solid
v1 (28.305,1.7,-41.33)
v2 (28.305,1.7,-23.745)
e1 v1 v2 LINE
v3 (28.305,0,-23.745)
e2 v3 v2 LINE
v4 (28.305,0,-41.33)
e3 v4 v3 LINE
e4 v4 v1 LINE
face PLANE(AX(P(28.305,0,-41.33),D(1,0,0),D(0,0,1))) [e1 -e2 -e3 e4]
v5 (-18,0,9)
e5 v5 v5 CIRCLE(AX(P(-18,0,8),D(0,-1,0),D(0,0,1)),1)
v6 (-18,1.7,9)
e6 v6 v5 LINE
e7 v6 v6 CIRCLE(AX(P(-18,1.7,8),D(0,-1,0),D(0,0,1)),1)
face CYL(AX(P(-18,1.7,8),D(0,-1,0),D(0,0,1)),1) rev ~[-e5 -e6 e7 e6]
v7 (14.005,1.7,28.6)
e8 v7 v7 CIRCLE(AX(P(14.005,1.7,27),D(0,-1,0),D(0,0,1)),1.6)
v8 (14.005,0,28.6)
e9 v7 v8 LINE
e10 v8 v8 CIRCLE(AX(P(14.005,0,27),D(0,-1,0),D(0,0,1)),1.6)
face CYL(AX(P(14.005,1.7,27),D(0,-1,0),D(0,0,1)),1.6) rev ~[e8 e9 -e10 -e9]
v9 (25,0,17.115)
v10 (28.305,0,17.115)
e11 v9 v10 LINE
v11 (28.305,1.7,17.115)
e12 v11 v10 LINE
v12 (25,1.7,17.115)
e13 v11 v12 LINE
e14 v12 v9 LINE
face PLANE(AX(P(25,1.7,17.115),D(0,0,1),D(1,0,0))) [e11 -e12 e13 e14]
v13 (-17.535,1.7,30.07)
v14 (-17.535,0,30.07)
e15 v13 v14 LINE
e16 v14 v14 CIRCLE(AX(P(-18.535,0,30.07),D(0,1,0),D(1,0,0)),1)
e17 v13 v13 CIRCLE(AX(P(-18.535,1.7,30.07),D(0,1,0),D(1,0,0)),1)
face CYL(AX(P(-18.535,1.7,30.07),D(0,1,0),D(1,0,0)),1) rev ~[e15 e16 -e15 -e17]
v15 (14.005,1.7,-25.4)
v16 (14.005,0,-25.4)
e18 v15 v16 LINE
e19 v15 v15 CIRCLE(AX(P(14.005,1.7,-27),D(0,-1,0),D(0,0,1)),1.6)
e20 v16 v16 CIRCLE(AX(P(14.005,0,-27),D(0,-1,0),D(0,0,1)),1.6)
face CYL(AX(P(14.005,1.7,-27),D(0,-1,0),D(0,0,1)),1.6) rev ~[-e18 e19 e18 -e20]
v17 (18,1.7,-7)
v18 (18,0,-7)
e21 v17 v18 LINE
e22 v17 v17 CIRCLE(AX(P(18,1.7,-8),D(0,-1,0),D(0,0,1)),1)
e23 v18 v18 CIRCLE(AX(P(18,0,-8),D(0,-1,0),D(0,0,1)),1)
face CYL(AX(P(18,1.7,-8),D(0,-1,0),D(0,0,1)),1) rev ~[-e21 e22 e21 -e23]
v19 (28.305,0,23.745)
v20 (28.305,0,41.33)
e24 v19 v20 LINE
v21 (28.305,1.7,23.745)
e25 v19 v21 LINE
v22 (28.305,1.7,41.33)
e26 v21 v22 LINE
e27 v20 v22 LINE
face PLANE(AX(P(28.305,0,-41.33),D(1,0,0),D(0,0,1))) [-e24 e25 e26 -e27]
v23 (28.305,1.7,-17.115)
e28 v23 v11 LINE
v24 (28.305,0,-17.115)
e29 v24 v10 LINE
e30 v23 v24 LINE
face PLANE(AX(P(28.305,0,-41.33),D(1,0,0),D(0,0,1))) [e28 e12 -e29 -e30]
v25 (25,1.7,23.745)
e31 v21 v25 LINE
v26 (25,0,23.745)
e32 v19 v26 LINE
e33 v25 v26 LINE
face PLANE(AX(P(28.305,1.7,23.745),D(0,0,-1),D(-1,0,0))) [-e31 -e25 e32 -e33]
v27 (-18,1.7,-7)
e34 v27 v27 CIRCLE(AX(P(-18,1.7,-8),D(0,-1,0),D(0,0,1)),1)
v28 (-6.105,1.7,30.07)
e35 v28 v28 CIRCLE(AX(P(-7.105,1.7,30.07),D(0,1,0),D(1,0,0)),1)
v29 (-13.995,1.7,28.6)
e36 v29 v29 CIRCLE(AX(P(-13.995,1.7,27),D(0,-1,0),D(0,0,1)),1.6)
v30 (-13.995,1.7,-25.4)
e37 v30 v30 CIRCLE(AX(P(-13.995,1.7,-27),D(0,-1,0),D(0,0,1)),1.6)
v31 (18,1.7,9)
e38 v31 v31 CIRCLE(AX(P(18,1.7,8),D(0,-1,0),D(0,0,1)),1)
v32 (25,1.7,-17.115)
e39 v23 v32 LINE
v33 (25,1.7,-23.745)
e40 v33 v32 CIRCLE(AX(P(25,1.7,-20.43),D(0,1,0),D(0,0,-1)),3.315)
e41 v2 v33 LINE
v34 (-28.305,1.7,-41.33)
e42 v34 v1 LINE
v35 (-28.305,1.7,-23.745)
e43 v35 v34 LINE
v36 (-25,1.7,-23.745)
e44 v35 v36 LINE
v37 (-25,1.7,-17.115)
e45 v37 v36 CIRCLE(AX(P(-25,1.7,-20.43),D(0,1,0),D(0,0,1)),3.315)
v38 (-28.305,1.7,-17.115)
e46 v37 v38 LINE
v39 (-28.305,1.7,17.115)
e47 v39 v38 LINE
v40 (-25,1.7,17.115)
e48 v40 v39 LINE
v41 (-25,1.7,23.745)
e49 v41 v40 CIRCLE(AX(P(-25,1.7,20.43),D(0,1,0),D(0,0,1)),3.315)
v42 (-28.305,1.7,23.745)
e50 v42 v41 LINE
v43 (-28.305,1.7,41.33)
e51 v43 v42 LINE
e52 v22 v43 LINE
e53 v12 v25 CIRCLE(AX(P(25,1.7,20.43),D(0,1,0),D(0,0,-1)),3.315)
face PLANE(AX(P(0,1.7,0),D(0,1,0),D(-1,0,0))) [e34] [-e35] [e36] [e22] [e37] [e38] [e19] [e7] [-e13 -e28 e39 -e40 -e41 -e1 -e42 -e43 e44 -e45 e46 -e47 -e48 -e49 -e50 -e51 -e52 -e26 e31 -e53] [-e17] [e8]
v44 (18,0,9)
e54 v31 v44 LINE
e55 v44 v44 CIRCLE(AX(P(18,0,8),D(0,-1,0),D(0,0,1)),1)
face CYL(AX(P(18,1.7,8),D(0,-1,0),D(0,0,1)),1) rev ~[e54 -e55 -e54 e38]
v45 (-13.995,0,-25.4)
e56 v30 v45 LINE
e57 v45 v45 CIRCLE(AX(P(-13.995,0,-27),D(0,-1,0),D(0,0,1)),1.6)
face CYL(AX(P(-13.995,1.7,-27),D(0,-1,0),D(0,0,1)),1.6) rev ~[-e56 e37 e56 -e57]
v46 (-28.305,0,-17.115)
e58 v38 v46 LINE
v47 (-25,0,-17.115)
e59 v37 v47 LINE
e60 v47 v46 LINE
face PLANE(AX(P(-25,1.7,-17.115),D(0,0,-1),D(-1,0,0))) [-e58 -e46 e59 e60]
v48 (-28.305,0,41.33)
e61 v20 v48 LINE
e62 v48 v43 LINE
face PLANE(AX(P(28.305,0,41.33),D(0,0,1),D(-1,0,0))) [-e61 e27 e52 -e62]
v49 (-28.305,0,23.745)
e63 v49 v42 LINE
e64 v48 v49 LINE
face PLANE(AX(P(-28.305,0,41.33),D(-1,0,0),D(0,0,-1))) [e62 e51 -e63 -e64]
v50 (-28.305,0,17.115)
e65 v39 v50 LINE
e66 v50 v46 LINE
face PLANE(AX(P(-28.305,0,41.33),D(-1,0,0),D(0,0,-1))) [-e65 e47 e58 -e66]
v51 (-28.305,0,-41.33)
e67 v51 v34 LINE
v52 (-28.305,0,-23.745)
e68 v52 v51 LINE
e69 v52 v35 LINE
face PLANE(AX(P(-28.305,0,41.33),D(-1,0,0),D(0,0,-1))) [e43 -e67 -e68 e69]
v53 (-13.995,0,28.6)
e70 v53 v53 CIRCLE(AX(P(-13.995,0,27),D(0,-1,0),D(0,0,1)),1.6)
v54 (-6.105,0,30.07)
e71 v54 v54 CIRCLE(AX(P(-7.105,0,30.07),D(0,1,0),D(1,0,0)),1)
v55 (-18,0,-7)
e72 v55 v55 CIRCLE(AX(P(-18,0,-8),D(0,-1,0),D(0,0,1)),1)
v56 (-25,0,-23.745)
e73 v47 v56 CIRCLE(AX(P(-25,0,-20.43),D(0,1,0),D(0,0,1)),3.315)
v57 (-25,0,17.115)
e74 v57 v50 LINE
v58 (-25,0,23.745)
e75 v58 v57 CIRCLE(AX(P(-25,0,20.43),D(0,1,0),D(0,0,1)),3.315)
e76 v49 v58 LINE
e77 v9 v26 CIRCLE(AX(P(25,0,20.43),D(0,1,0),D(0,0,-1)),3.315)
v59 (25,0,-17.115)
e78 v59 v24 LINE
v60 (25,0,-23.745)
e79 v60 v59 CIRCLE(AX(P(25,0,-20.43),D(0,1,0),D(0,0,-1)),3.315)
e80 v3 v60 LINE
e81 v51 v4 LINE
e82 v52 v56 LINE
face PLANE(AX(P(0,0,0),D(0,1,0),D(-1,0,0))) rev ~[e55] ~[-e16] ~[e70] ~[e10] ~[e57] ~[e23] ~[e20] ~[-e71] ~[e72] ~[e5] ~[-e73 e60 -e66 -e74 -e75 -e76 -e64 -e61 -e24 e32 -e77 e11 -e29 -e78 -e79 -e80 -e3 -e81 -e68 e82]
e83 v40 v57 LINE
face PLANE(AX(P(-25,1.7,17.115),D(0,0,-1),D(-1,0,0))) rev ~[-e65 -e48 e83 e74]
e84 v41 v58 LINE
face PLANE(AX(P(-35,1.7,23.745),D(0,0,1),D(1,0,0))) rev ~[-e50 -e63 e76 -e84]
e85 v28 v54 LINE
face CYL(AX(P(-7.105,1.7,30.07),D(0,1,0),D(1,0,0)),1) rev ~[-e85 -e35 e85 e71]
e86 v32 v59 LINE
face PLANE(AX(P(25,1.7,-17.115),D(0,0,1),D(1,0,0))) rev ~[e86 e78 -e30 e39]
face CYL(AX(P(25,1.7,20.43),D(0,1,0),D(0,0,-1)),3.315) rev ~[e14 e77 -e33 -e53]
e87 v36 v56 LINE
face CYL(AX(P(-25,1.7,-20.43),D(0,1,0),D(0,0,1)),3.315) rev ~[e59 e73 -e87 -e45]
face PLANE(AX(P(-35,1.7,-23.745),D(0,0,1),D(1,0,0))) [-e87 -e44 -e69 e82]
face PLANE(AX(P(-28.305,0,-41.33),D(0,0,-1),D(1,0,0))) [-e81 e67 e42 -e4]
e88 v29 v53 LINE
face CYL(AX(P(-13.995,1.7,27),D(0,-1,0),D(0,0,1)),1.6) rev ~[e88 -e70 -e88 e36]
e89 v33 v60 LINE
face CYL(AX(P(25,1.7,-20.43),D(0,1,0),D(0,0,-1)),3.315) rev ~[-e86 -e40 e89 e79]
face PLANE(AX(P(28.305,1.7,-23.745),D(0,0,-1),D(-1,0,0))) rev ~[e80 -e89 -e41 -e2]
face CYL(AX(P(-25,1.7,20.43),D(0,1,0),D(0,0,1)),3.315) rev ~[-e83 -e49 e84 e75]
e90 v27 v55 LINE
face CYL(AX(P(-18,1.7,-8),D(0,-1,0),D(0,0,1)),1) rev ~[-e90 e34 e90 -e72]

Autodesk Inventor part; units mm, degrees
ref_plane "YZ Plane" through (0, 0, 0) normal (1, 0, 0) x (0, 1, 0)
ref_plane "XZ Plane" through (0, 0, 0) normal (0, 1, 0) x (-1, 0, 0)
ref_plane "XY Plane" through (0, 0, 0) normal (0, 0, 1) x (1, 0, 0)
sketch "Sketch1" plane through (0, 0, 0) normal (0, 1, 0) x (-1, 0, 0)
  line L0 (28.305, -41.33) -> (-28.305, -41.33)
  line L1 (-28.305, -41.33) -> (-28.305, 41.33)
  line L2 (-28.305, 41.33) -> (28.305, 41.33)
  line L3 (28.305, 41.33) -> (28.305, -41.33)
  point P0 (0, 0)
  dimension "d0" = 56.61
  dimension "d1" = 82.66
  dimension "d2" = 41.33
  dimension "d3" = 28.305
extrude "Extrusion1" add sketch "Sketch1" along normal blind 1.7
sketch "Sketch2" plane through (0, 1.7, 0) normal (0, 1, 0) x (1, 0, 0)
  line L0 (28.305, 41.33) -> (-28.305, 41.33) projected
  line L1 (28.305, -41.33) -> (28.305, 41.33) projected
  line L2 (25, 20.43) -> (35, 20.43) construction
  line L3 (25, 17.115) -> (35, 17.115)
  line L4 (35, 23.745) -> (25, 23.745)
  arc A0 (25, 23.745) -> (25, 17.115) centre (25, 20.43) ccw
  arc A1 (35, 17.115) -> (35, 23.745) centre (35, 20.43) ccw
  line L5 (0, 0) -> (0, 18.0494) construction
  line L6 (-25, 20.43) -> (-35, 20.43) construction
  line L7 (-25, 17.115) -> (-35, 17.115)
  line L8 (-35, 23.745) -> (-25, 23.745)
  arc A2 (-25, 17.115) -> (-25, 23.745) centre (-25, 20.43) ccw
  arc A3 (-35, 23.745) -> (-35, 17.115) centre (-35, 20.43) ccw
  line L9 (-28.305, -41.33) -> (28.305, -41.33) projected
  line L10 (0, 0) -> (21.685, 0) construction
  line L11 (25, -20.43) -> (35, -20.43) construction
  line L12 (25, -17.115) -> (35, -17.115)
  line L13 (35, -23.745) -> (25, -23.745)
  arc A4 (25, -17.115) -> (25, -23.745) centre (25, -20.43) ccw
  arc A5 (35, -23.745) -> (35, -17.115) centre (35, -20.43) ccw
  line L14 (-25, -20.43) -> (-35, -20.43) construction
  line L15 (-25, -17.115) -> (-35, -17.115)
  line L16 (-35, -23.745) -> (-25, -23.745)
  arc A6 (-25, -23.745) -> (-25, -17.115) centre (-25, -20.43) ccw
  arc A7 (-35, -17.115) -> (-35, -23.745) centre (-35, -20.43) ccw
  point P0 (30, 20.43)
  point P1 (-30, 20.43)
  point P2 (30, -20.43)
  point P3 (-30, -20.43)
  dimension "d6" = 6.63
  dimension "d8" = 6.62
  dimension "d9" = 10
  dimension "d27" = 40.86
  dimension "d28" = 20.9
  dimension "d29" = 20.43
  dimension "d30" = 20.43
  dimension "d31" = 41.33
  dimension "d32" = 41.33
  dimension "d33" = 20.9
extrude "Extrusion2" cut sketch "Sketch2" against normal through all
sketch "Sketch3" plane through (0, 1.7, 0) normal (0, 1, 0) x (1, 0, 0)
  line L0 (-28.305, 17.115) -> (-28.305, -41.33) projected
  line L1 (-28.305, -41.33) -> (28.305, -41.33) projected
  line L2 (-28.305, 41.33) -> (-28.305, 23.745) projected
  point P0 (0, 0)
  point P1 (-13.995, -27)
  point P2 (14.005, -27)
  point P3 (14.005, 27)
  point P4 (-13.995, 27)
  dimension "d12" = 14.31
  dimension "d13" = 14.33
  dimension "d14" = 28
  dimension "d15" = 28
  dimension "d16" = 54
  dimension "d17" = 14.33
  dimension "d18" = 14.31
  dimension "d19" = 54
hole "Hole1" at (-13.995, 1.7, 27) at (14.005, 1.7, 27) at (14.005, 1.7, -27) at (-13.995, 1.7, -27) direction (0, -1, 0) diameter 3.2 end through all
sketch "Sketch4" plane through (0, 1.7, 0) normal (0, 1, 0) x (1, 0, 0)
  line L0 (-28.305, -41.33) -> (28.305, -41.33) projected
  line L1 (28.305, 41.33) -> (-28.305, 41.33) projected
  line L2 (-28.305, 17.115) -> (-28.305, -17.115) projected
  line L3 (18, -8) -> (-18, -8) construction
  line L4 (-18, -8) -> (-18, 8) construction
  line L5 (-18, 8) -> (18, 8) construction
  line L6 (18, 8) -> (18, -8) construction
  line L7 (18, -8) -> (-18, 8) construction
  line L8 (-18, -8) -> (18, 8) construction
  point P0 (0, 0)
  point P1 (0, 0)
  dimension "d34" = 36
  dimension "d35" = 16
  dimension "d36" = 28.305
  dimension "d37" = 56.61
  dimension "d38" = 82.66
  dimension "d39" = 41.33
hole "Hole2" at (-18, 1.7, -8) at (-18, 1.7, 8) at (18, 1.7, 8) at (18, 1.7, -8) direction (0, -1, 0) diameter 2 end through all
sketch "Sketch5" plane through (0, 1.7, 0) normal (0, 1, 0) x (1, 0, 0)
  line L0 (-28.305, -23.745) -> (-28.305, -41.33) projected
  line L1 (-28.305, -41.33) -> (28.305, -41.33) projected
  circle A0 centre (-18.535, -30.07) radius 1
  circle A1 centre (-7.105, -30.07) radius 1
  point P0 (0, 0)
  dimension "d47" = 9.77
  dimension "d48" = 11.26
  dimension "d49" = 21.2
  dimension "d50" = 11.26
  dimension "d51" = 2
  dimension "d52" = 2
  dimension "d53" = 11.43
extrude "Extrusion3" cut sketch "Sketch5" against normal through all
sketch "Sketch6" plane through (0, 1.7, 0) normal (0, 1, 0) x (1, 0, 0)
  line L0 (-28.352, 41.33) -> (28.305, 41.33) construction
  line L1 (28.305, 41.33) -> (28.305, -41.33) construction
  line L2 (28.305, -41.33) -> (-28.352, -41.33) construction
  line L3 (-28.352, -41.33) -> (-28.352, 41.33) construction
  line L4 (28.305, 41.33) -> (-28.305, 41.33) projected
  line L5 (-28.305, -41.33) -> (28.305, -41.33) projected
  line L6 (28.305, -17.115) -> (28.305, 17.115) projected
  point P0 (0, 0)
decal "Decal1"
sketch "Sketch7" plane through (0, 0, 0) normal (0, -1, 0) x (1, 0, 0)
  line L0 (-28.352, 41.33) -> (28.305, 41.33) construction
  line L1 (28.305, 41.33) -> (28.305, -41.33) construction
  line L2 (28.305, -41.33) -> (-28.352, -41.33) construction
  line L3 (-28.352, -41.33) -> (-28.352, 41.33) construction
  line L4 (28.305, 41.33) -> (-28.305, 41.33) projected
  line L5 (-28.305, -41.33) -> (28.305, -41.33) projected
  line L6 (28.305, -17.115) -> (28.305, 17.115) projected
  point P0 (0, 0)
decal "Decal2"
equation "\"d2\" = 0.5 * d1"
equation "\"d3\" = 0.5 * d0"
equation "\"d17\" = d13"
equation "\"d18\" = d12"
equation "\"d19\" = d16"
equation "\"d36\" = 0.5 * d37"
equation "\"d39\" = 0.5 * d38"
equation "\"d52\" = d51"
properties part number "PCB"
